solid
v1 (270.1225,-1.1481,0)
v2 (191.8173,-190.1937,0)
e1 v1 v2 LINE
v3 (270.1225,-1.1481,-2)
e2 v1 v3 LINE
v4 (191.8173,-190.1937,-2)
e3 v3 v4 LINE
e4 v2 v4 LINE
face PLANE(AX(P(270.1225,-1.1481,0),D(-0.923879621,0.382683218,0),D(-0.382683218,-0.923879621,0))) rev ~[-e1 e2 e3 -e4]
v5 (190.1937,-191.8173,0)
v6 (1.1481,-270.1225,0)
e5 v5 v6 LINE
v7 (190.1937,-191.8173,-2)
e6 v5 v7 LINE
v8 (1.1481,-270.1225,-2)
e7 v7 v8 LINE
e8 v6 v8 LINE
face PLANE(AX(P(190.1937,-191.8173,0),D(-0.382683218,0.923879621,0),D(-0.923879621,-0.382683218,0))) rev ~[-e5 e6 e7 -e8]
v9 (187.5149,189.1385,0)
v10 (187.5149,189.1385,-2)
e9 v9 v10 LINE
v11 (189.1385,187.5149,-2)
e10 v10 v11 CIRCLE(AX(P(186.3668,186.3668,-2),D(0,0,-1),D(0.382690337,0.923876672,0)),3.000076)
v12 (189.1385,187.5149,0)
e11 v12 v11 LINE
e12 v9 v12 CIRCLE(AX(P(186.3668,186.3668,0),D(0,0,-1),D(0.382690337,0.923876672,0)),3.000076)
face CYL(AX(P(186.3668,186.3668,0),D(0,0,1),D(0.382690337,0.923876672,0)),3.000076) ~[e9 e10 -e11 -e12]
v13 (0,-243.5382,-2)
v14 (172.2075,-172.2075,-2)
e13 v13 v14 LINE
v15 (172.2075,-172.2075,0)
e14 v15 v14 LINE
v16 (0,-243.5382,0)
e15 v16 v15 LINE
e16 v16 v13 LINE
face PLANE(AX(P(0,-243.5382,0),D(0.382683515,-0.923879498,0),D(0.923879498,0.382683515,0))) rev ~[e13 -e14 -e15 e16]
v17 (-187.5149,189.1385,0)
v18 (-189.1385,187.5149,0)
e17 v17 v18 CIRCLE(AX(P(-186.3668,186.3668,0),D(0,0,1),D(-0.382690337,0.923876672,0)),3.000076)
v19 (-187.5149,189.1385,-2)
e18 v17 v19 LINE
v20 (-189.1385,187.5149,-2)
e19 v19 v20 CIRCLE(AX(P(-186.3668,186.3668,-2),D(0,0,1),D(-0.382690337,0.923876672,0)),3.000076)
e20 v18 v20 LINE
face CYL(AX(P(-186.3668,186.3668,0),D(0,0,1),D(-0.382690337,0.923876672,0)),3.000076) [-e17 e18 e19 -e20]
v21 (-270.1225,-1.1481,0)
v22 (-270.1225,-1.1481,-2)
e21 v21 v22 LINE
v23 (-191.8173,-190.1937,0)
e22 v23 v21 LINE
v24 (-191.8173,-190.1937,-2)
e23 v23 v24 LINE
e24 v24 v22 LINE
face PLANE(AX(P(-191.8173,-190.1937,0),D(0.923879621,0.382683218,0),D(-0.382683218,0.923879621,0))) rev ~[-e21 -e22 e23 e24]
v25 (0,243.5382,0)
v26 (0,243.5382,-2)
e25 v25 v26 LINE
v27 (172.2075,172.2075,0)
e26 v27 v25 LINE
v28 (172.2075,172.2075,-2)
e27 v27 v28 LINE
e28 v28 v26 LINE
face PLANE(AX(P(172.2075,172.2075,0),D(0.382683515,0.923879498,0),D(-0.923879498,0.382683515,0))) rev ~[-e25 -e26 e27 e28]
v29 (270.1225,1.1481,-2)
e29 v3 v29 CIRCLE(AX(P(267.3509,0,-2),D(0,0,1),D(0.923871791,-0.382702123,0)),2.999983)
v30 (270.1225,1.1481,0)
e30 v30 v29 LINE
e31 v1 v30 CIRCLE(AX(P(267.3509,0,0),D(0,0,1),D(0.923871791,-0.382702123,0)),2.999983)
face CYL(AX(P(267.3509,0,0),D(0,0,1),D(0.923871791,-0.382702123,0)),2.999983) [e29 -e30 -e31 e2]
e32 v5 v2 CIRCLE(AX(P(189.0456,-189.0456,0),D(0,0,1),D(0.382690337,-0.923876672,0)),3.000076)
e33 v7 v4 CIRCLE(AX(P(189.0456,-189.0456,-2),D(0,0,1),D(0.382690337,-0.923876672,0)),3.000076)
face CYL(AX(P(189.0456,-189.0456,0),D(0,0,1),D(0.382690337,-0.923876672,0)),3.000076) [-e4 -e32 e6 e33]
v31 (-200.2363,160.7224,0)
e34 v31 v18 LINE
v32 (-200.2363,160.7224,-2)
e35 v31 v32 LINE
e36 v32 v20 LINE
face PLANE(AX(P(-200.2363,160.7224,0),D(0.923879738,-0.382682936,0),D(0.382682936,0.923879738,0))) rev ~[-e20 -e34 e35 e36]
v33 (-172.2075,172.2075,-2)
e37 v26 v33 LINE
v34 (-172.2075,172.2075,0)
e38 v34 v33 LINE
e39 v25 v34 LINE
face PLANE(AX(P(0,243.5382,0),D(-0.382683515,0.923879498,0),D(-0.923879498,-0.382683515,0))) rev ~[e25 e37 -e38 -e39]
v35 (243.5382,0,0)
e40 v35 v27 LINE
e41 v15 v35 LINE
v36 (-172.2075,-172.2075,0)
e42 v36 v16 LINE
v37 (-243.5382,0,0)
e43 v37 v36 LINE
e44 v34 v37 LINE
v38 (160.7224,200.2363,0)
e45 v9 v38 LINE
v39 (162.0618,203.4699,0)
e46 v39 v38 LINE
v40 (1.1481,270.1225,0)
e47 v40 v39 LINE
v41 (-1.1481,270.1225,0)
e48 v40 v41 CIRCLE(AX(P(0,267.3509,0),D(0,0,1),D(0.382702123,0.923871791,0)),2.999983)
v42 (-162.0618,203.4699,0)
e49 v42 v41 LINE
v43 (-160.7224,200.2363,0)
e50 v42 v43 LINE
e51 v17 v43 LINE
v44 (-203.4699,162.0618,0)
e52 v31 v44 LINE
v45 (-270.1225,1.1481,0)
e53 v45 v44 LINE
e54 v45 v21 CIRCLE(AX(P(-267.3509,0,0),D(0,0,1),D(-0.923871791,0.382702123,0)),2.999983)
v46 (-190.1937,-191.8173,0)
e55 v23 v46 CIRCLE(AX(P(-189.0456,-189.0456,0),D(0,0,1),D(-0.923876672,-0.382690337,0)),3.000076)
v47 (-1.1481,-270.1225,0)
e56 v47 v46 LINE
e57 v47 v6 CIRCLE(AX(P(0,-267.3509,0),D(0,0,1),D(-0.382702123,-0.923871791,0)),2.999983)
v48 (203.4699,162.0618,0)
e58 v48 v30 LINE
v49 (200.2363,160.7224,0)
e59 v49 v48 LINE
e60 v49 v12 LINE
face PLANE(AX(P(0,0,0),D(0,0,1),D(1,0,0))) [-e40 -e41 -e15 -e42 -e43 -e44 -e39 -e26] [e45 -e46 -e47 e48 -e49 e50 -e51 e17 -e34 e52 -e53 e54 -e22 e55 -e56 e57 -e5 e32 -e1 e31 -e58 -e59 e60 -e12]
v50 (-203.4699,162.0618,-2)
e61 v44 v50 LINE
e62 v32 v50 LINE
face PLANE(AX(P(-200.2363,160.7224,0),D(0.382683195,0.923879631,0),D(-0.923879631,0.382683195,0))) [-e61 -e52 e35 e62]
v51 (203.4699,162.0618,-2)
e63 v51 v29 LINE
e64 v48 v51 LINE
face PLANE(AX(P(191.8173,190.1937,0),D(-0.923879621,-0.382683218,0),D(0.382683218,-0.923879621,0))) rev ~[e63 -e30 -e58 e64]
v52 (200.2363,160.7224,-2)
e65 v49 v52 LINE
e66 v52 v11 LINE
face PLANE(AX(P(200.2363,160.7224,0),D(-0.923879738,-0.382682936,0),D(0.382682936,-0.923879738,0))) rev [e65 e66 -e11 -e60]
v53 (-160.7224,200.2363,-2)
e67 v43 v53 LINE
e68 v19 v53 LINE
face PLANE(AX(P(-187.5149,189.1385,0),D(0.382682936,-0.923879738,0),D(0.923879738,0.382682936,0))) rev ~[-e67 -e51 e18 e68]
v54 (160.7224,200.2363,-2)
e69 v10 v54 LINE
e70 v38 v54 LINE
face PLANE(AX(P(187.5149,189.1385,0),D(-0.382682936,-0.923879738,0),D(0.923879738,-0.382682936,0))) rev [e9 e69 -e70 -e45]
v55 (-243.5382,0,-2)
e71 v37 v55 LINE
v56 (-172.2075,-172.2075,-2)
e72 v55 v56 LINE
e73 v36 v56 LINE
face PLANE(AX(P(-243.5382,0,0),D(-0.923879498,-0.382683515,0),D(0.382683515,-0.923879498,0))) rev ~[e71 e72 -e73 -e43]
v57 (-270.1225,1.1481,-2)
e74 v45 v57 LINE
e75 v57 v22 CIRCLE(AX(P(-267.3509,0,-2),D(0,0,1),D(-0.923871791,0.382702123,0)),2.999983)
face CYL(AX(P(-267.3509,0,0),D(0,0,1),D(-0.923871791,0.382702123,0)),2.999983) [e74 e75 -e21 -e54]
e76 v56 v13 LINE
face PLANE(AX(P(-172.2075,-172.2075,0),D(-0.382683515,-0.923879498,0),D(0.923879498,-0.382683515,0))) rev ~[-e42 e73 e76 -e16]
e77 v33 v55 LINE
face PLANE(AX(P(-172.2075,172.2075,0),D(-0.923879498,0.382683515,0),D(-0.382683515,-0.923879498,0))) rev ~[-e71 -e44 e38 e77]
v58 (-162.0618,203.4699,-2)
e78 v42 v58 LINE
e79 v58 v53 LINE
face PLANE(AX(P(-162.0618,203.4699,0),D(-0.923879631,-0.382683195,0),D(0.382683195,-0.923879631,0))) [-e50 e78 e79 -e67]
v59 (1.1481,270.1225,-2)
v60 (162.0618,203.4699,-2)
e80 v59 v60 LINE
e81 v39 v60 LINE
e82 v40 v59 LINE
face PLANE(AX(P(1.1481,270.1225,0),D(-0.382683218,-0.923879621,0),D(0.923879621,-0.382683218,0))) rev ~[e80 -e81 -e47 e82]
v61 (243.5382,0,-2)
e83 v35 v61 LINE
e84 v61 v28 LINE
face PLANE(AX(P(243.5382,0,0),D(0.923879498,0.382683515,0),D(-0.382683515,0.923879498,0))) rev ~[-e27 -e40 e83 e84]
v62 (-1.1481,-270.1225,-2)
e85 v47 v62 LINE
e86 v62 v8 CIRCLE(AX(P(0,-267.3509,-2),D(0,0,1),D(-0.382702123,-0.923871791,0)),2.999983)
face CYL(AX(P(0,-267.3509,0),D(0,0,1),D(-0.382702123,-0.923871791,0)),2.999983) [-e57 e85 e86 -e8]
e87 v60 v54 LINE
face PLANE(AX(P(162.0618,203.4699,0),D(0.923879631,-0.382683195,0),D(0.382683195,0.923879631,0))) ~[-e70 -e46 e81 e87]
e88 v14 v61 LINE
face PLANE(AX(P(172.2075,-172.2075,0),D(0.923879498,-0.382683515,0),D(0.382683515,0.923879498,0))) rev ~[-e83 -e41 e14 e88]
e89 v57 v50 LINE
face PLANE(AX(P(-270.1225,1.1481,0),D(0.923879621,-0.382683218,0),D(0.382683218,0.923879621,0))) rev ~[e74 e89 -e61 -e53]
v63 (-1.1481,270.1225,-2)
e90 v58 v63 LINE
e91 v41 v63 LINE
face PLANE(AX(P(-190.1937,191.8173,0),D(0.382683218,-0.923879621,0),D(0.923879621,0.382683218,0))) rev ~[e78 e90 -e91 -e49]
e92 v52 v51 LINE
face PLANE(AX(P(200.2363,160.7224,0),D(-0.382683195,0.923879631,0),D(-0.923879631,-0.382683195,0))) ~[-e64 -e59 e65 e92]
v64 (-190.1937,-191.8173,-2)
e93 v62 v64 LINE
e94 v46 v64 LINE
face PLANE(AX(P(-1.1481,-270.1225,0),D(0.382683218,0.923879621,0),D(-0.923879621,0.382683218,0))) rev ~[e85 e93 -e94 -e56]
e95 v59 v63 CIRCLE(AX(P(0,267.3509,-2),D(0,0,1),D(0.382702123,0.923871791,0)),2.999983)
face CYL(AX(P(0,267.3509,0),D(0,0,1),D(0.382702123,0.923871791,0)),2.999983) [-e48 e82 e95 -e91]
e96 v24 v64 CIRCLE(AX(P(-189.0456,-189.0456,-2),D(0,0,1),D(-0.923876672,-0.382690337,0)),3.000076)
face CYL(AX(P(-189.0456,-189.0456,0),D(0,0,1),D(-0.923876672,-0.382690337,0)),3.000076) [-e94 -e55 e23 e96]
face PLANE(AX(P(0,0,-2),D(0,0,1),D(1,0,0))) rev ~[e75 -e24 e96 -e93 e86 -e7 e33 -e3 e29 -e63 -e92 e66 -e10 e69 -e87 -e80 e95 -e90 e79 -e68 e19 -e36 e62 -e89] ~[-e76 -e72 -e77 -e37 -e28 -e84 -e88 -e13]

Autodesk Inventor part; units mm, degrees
ref_plane "YZ Plane" through (0, 0, 0) normal (1, 0, 0) x (0, 1, 0)
ref_plane "XZ Plane" through (0, 0, 0) normal (0, 1, 0) x (-1, 0, 0)
ref_plane "XY Plane" through (0, 0, 0) normal (0, 0, 1) x (1, 0, 0)
sketch "Sketch1" plane through (0, 0, 0) normal (0, 0, 1) x (1, 0, 0)
  line L0 (1.1481, 270.1225) -> (190.1937, 191.8173)
  line L1 (191.8173, 190.1937) -> (270.1225, 1.1481)
  line L2 (270.1225, -1.1481) -> (191.8173, -190.1937)
  line L3 (190.1937, -191.8173) -> (1.1481, -270.1225)
  line L4 (-1.1481, -270.1225) -> (-190.1937, -191.8173)
  line L5 (-191.8173, -190.1937) -> (-270.1225, -1.1481)
  line L6 (-270.1225, 1.1481) -> (-191.8173, 190.1937)
  line L7 (-190.1937, 191.8173) -> (-1.1481, 270.1225)
  line L8 (172.2075, 172.2075) -> (0, 243.5382)
  line L9 (0, 243.5382) -> (-172.2075, 172.2075)
  line L10 (-172.2075, 172.2075) -> (-243.5382, 0)
  line L11 (-243.5382, 0) -> (-172.2075, -172.2075)
  line L12 (-172.2075, -172.2075) -> (0, -243.5382)
  line L13 (0, -243.5382) -> (172.2075, -172.2075)
  line L14 (172.2075, -172.2075) -> (243.5382, 0)
  line L15 (243.5382, 0) -> (172.2075, 172.2075)
  arc A0 (1.1481, 270.1225) -> (-1.1481, 270.1225) centre (0, 267.3509) ccw
  arc A1 (-190.1937, 191.8173) -> (-191.8173, 190.1937) centre (-189.0456, 189.0456) ccw
  arc A2 (-270.1225, 1.1481) -> (-270.1225, -1.1481) centre (-267.3509, 0) ccw
  arc A3 (-191.8173, -190.1937) -> (-190.1937, -191.8173) centre (-189.0456, -189.0456) ccw
  arc A4 (-1.1481, -270.1225) -> (1.1481, -270.1225) centre (0, -267.3509) ccw
  arc A5 (190.1937, -191.8173) -> (191.8173, -190.1937) centre (189.0456, -189.0456) ccw
  arc A6 (270.1225, -1.1481) -> (270.1225, 1.1481) centre (267.3509, 0) ccw
  arc A7 (191.8173, 190.1937) -> (190.1937, 191.8173) centre (189.0456, 189.0456) ccw
  point P0 (0, 0)
  point P1 (0, 0)
  point P2 (0, 270.5981)
  point P3 (191.3417, 191.3417)
  point P4 (270.5981, 0)
  point P5 (191.3417, -191.3417)
  point P6 (0, -270.5981)
  point P7 (-191.3417, -191.3417)
  point P8 (-270.5981, 0)
  point P9 (-191.3417, 191.3417)
  dimension "d18" = 500
  dimension "d19" = 25
  dimension "d20" = 3
  dimension "d22" = 3
extrude "Plate2" add sketch "Sketch1" against normal blind 2
sketch "Sketch3" plane through (0, 0, 0) normal (0, 0, 1) x (1, 0, 0)
  line L0 (-191.8173, 190.1937) -> (-270.1225, 1.1481) projected
  arc A0 (-190.1937, 191.8173) -> (-191.8173, 190.1937) centre (-189.0456, 189.0456) ccw projected
  line L1 (-1.1481, 270.1225) -> (-190.1937, 191.8173) projected
  line L2 (-200.2363, 160.7224) -> (-189.1385, 187.5149)
  line L3 (-187.5149, 189.1385) -> (-160.7224, 200.2363)
  arc A1 (-187.5149, 189.1385) -> (-189.1385, 187.5149) centre (-186.3668, 186.3668) ccw
  line L4 (-162.0618, 203.4699) -> (-160.7224, 200.2363)
  line L5 (-200.2363, 160.7224) -> (-203.4699, 162.0618)
  point P0 (0, 0)
  dimension "d23" = 3.5
  dimension "d24" = 3
  dimension "d25" = 29
  dimension "d26" = 3.5
extrude "Extrusion1" cut sketch "Sketch3" against normal up to surface (2 mm away)
mirror "Mirror1" about plane through (0, 0, 0) normal (1, 0, 0) of "Extrusion1"
equation "\"d22\" = d20"
equation "\"d21\" = Thickness"
equation "\"BendRadius\" = Thickness"
equation "\"BendReliefWidth\" = Thickness"
equation "\"BendReliefDepth\" = 0.5 * Thickness"
equation "\"CornerReliefSize\" = 4 * Thickness"
equation "\"MinimumRemnant\" = 2 * Thickness"
equation "\"TransitionRadius\" = BendRadius"
equation "\"JacobiRadiusSize\" = BendRadius"
equation "\"GapSize\" = Thickness"
equation "\"Thickness\" = 2"
properties part number "ДМС 104.1 Сектор кольца усилителя барабана полный"
